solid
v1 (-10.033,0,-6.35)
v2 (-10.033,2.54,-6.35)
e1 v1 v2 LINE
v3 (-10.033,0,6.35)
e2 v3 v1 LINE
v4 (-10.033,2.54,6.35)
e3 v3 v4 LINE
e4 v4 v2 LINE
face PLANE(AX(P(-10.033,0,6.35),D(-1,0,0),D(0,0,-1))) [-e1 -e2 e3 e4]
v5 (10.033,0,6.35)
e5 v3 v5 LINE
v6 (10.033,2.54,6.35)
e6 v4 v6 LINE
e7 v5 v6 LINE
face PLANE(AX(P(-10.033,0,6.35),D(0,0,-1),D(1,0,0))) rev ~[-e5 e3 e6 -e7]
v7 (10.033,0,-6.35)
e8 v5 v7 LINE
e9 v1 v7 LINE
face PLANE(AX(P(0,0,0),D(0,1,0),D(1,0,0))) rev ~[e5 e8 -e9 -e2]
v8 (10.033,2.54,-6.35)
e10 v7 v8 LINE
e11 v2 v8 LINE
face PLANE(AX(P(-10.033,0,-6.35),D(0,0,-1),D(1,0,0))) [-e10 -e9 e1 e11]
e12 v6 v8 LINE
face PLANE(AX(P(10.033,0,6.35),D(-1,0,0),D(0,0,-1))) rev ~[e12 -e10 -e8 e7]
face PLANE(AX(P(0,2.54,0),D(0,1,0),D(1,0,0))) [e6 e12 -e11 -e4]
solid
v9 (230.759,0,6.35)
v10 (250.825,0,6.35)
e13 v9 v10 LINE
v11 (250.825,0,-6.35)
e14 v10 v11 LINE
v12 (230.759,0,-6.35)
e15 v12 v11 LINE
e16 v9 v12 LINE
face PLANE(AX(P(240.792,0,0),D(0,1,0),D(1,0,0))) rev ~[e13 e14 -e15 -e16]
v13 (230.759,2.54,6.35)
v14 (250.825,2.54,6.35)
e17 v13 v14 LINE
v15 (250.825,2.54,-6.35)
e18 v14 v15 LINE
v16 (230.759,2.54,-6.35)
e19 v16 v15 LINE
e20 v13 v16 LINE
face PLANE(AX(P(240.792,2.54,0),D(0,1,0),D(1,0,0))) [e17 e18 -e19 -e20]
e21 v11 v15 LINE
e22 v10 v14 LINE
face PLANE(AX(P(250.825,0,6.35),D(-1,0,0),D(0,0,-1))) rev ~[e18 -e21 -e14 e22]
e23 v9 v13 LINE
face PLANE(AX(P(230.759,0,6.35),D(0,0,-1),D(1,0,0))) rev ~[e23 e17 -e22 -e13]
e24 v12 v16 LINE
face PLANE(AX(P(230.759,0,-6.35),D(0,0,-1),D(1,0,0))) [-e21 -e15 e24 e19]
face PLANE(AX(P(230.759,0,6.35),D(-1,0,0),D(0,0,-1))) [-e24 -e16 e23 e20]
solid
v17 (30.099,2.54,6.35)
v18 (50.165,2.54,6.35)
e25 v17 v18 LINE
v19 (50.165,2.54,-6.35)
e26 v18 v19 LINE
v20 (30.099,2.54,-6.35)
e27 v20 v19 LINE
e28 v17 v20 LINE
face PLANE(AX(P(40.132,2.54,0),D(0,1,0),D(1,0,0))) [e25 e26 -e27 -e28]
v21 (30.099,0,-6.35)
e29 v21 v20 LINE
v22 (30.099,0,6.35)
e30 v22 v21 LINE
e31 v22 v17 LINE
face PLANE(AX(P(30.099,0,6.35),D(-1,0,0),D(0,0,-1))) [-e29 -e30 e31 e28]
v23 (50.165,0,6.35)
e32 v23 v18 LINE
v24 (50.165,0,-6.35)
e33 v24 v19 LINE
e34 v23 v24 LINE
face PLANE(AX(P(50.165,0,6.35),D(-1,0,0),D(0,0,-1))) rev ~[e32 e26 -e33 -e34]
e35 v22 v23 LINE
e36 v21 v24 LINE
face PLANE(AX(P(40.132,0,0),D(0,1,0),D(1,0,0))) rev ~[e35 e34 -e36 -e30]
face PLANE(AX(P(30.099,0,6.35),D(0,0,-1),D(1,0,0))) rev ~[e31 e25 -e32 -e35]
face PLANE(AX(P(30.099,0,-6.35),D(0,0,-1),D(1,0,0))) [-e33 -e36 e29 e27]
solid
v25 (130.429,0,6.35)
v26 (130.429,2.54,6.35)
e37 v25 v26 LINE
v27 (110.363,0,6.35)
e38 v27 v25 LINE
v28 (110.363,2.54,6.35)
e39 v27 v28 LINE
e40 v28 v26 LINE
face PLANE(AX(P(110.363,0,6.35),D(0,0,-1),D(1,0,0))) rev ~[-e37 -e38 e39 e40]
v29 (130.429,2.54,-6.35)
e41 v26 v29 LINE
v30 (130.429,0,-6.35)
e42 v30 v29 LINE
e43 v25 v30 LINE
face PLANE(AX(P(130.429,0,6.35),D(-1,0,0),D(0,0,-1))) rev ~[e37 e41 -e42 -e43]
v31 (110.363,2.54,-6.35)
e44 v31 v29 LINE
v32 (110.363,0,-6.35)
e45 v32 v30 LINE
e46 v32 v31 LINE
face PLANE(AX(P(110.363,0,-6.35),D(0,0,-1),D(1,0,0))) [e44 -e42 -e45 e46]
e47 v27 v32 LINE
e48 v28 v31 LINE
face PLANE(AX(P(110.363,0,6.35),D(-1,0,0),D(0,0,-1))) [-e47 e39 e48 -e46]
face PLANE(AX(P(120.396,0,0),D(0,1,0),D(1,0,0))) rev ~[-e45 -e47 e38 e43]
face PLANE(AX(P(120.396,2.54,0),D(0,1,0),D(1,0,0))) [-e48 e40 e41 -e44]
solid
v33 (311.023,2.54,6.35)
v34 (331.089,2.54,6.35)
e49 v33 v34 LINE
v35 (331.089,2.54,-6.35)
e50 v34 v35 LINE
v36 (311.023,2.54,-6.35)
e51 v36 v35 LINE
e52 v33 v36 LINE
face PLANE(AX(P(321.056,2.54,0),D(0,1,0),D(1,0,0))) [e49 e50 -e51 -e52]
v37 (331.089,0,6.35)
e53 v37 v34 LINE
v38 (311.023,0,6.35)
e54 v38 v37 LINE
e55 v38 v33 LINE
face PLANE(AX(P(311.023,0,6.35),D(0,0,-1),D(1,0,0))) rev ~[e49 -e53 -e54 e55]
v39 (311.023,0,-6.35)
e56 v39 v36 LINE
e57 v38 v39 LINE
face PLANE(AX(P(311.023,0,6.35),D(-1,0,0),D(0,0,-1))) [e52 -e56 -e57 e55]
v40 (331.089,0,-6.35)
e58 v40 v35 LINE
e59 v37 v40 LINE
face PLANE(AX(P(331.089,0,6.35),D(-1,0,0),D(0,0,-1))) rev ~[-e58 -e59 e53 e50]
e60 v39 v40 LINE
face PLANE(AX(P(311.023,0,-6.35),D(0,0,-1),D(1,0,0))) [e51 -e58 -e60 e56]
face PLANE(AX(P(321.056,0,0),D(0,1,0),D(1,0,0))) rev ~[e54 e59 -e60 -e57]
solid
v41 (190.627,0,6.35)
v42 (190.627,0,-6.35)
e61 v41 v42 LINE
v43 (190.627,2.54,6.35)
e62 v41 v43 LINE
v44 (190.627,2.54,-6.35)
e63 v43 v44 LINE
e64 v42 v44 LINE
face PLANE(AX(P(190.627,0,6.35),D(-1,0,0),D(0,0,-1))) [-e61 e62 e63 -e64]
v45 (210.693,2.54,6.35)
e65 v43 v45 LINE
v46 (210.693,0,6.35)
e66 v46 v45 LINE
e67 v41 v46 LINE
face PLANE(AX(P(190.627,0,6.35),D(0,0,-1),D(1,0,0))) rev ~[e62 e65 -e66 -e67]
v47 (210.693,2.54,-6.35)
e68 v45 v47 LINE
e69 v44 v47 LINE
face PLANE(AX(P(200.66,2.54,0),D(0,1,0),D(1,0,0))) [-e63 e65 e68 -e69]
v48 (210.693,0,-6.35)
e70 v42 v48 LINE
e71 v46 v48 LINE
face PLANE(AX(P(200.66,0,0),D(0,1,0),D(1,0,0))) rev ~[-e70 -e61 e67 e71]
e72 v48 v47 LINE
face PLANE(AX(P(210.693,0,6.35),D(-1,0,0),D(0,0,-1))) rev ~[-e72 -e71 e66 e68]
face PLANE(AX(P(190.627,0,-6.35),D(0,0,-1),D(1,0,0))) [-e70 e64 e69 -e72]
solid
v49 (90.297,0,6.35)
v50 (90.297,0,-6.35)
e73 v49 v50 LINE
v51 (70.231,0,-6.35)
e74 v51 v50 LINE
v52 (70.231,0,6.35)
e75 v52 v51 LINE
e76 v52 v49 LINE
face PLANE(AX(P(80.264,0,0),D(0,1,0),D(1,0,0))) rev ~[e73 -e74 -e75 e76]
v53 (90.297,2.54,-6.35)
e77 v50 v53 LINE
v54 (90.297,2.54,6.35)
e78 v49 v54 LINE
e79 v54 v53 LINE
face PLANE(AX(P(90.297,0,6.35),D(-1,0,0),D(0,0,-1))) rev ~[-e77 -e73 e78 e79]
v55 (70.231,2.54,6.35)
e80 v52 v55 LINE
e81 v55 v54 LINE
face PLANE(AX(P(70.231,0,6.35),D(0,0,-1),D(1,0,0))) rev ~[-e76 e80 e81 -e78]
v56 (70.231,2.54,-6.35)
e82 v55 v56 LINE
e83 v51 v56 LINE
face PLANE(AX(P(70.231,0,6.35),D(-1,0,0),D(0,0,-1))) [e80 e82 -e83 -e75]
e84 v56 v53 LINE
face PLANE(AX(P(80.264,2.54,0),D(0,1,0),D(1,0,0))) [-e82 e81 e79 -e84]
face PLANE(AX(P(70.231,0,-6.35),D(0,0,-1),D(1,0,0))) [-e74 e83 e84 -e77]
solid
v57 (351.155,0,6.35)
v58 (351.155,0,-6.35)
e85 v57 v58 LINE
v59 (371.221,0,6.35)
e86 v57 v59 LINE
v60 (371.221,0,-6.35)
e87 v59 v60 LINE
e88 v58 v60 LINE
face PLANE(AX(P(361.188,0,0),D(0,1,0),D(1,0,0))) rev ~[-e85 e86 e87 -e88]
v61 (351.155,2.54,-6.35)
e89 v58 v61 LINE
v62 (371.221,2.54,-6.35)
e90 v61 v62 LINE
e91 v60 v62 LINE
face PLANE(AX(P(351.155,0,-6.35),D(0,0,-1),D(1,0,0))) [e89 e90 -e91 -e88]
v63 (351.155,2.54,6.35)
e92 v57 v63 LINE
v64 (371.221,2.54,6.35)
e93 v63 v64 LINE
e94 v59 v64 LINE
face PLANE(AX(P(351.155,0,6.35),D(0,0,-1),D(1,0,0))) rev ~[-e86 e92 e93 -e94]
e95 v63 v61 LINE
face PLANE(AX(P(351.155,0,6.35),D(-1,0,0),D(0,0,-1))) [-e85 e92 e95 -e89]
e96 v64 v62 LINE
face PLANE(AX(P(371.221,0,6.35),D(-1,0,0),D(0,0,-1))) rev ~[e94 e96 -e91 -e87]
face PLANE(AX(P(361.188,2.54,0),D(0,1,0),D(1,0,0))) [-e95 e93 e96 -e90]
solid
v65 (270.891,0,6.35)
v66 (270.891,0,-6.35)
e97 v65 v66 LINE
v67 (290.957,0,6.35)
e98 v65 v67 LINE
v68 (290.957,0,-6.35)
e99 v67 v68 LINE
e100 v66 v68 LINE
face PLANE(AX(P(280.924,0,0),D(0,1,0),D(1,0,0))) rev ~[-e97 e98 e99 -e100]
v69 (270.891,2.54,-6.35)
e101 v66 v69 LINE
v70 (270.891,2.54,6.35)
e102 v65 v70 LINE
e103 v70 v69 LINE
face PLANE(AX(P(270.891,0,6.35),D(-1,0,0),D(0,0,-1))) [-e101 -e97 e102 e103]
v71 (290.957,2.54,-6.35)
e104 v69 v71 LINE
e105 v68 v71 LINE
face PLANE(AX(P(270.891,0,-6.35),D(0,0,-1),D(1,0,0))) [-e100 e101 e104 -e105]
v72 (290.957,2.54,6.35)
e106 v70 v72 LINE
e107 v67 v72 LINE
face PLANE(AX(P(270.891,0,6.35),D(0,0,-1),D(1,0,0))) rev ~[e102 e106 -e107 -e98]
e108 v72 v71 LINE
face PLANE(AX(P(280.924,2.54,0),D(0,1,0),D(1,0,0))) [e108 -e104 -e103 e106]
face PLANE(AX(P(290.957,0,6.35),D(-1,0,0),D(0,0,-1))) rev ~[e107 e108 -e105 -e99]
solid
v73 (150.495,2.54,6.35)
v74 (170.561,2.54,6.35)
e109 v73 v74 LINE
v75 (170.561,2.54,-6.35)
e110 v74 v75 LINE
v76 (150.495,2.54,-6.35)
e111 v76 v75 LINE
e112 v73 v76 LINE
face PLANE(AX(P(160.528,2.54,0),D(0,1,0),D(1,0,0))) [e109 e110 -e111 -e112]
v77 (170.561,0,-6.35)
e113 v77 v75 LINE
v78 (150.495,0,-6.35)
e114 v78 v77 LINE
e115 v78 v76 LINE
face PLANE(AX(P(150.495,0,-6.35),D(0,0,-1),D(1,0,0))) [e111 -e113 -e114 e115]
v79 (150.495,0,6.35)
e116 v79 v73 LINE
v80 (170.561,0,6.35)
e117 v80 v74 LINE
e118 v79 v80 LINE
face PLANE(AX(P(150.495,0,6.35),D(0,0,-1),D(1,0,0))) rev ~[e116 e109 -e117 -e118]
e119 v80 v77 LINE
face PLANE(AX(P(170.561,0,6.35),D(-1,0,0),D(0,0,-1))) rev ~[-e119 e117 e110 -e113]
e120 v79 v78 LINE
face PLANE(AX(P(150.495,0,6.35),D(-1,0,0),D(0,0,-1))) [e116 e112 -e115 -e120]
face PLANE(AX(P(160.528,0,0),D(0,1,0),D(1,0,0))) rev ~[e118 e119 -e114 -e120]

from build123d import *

# Parameters (mm, degrees)
SKETCH1_W              = 20.066
SKETCH1_H              = 12.7
BOSS_EXTRUDE1_DEPTH    = 2.54
BOSS_EXTRUDE1_2_DEPTH  = 2.54
BOSS_EXTRUDE1_3_DEPTH  = 2.54
BOSS_EXTRUDE1_4_DEPTH  = 2.54
BOSS_EXTRUDE1_5_DEPTH  = 2.54
BOSS_EXTRUDE1_6_DEPTH  = 2.54
BOSS_EXTRUDE1_7_DEPTH  = 2.54
BOSS_EXTRUDE1_8_DEPTH  = 2.54
BOSS_EXTRUDE1_9_DEPTH  = 2.54
BOSS_EXTRUDE1_10_DEPTH = 2.54


with BuildPart() as part:
    # Sketch1 → Boss-Extrude1 (new body)
    with BuildSketch(Plane(origin=(0, 0, 0), x_dir=(1, 0, 0), z_dir=(0, 1, 0))):
        with Locations((40.132, 0)):
            Rectangle(SKETCH1_W, SKETCH1_H)
    extrude(amount=BOSS_EXTRUDE1_DEPTH)


with BuildPart() as body_2:
    # Sketch1 → Boss-Extrude1 2 (new body)
    with BuildSketch(Plane(origin=(0, 0, 0), x_dir=(1, 0, 0), z_dir=(0, 1, 0))):
        Rectangle(SKETCH1_W, SKETCH1_H)
    extrude(amount=BOSS_EXTRUDE1_2_DEPTH)


with BuildPart() as body_3:
    # Sketch1 → Boss-Extrude1 3 (new body)
    with BuildSketch(Plane(origin=(0, 0, 0), x_dir=(1, 0, 0), z_dir=(0, 1, 0))):
        with Locations((80.264, 0)):
            Rectangle(SKETCH1_W, SKETCH1_H)
    extrude(amount=BOSS_EXTRUDE1_3_DEPTH)


with BuildPart() as body_4:
    # Sketch1 → Boss-Extrude1 4 (new body)
    with BuildSketch(Plane(origin=(0, 0, 0), x_dir=(1, 0, 0), z_dir=(0, 1, 0))):
        with Locations((120.396, 0)):
            Rectangle(SKETCH1_W, SKETCH1_H)
    extrude(amount=BOSS_EXTRUDE1_4_DEPTH)


with BuildPart() as body_5:
    # Sketch1 → Boss-Extrude1 5 (new body)
    with BuildSketch(Plane(origin=(0, 0, 0), x_dir=(1, 0, 0), z_dir=(0, 1, 0))):
        with Locations((160.528, 0)):
            Rectangle(SKETCH1_W, SKETCH1_H)
    extrude(amount=BOSS_EXTRUDE1_5_DEPTH)


with BuildPart() as body_6:
    # Sketch1 → Boss-Extrude1 6 (new body)
    with BuildSketch(Plane(origin=(0, 0, 0), x_dir=(1, 0, 0), z_dir=(0, 1, 0))):
        with Locations((200.66, 0)):
            Rectangle(SKETCH1_W, SKETCH1_H)
    extrude(amount=BOSS_EXTRUDE1_6_DEPTH)


with BuildPart() as body_7:
    # Sketch1 → Boss-Extrude1 7 (new body)
    with BuildSketch(Plane(origin=(0, 0, 0), x_dir=(1, 0, 0), z_dir=(0, 1, 0))):
        with Locations((240.792, 0)):
            Rectangle(SKETCH1_W, SKETCH1_H)
    extrude(amount=BOSS_EXTRUDE1_7_DEPTH)


with BuildPart() as body_8:
    # Sketch1 → Boss-Extrude1 8 (new body)
    with BuildSketch(Plane(origin=(0, 0, 0), x_dir=(1, 0, 0), z_dir=(0, 1, 0))):
        with Locations((280.924, 0)):
            Rectangle(SKETCH1_W, SKETCH1_H)
    extrude(amount=BOSS_EXTRUDE1_8_DEPTH)


with BuildPart() as body_9:
    # Sketch1 → Boss-Extrude1 9 (new body)
    with BuildSketch(Plane(origin=(0, 0, 0), x_dir=(1, 0, 0), z_dir=(0, 1, 0))):
        with Locations((321.056, 0)):
            Rectangle(SKETCH1_W, SKETCH1_H)
    extrude(amount=BOSS_EXTRUDE1_9_DEPTH)


with BuildPart() as body_10:
    # Sketch1 → Boss-Extrude1 10 (new body)
    with BuildSketch(Plane(origin=(0, 0, 0), x_dir=(1, 0, 0), z_dir=(0, 1, 0))):
        with Locations((361.188, 0)):
            Rectangle(SKETCH1_W, SKETCH1_H)
    extrude(amount=BOSS_EXTRUDE1_10_DEPTH)


solid = Compound([part.part, body_2.part, body_3.part, body_4.part, body_5.part, body_6.part, body_7.part, body_8.part, body_9.part, body_10.part])
